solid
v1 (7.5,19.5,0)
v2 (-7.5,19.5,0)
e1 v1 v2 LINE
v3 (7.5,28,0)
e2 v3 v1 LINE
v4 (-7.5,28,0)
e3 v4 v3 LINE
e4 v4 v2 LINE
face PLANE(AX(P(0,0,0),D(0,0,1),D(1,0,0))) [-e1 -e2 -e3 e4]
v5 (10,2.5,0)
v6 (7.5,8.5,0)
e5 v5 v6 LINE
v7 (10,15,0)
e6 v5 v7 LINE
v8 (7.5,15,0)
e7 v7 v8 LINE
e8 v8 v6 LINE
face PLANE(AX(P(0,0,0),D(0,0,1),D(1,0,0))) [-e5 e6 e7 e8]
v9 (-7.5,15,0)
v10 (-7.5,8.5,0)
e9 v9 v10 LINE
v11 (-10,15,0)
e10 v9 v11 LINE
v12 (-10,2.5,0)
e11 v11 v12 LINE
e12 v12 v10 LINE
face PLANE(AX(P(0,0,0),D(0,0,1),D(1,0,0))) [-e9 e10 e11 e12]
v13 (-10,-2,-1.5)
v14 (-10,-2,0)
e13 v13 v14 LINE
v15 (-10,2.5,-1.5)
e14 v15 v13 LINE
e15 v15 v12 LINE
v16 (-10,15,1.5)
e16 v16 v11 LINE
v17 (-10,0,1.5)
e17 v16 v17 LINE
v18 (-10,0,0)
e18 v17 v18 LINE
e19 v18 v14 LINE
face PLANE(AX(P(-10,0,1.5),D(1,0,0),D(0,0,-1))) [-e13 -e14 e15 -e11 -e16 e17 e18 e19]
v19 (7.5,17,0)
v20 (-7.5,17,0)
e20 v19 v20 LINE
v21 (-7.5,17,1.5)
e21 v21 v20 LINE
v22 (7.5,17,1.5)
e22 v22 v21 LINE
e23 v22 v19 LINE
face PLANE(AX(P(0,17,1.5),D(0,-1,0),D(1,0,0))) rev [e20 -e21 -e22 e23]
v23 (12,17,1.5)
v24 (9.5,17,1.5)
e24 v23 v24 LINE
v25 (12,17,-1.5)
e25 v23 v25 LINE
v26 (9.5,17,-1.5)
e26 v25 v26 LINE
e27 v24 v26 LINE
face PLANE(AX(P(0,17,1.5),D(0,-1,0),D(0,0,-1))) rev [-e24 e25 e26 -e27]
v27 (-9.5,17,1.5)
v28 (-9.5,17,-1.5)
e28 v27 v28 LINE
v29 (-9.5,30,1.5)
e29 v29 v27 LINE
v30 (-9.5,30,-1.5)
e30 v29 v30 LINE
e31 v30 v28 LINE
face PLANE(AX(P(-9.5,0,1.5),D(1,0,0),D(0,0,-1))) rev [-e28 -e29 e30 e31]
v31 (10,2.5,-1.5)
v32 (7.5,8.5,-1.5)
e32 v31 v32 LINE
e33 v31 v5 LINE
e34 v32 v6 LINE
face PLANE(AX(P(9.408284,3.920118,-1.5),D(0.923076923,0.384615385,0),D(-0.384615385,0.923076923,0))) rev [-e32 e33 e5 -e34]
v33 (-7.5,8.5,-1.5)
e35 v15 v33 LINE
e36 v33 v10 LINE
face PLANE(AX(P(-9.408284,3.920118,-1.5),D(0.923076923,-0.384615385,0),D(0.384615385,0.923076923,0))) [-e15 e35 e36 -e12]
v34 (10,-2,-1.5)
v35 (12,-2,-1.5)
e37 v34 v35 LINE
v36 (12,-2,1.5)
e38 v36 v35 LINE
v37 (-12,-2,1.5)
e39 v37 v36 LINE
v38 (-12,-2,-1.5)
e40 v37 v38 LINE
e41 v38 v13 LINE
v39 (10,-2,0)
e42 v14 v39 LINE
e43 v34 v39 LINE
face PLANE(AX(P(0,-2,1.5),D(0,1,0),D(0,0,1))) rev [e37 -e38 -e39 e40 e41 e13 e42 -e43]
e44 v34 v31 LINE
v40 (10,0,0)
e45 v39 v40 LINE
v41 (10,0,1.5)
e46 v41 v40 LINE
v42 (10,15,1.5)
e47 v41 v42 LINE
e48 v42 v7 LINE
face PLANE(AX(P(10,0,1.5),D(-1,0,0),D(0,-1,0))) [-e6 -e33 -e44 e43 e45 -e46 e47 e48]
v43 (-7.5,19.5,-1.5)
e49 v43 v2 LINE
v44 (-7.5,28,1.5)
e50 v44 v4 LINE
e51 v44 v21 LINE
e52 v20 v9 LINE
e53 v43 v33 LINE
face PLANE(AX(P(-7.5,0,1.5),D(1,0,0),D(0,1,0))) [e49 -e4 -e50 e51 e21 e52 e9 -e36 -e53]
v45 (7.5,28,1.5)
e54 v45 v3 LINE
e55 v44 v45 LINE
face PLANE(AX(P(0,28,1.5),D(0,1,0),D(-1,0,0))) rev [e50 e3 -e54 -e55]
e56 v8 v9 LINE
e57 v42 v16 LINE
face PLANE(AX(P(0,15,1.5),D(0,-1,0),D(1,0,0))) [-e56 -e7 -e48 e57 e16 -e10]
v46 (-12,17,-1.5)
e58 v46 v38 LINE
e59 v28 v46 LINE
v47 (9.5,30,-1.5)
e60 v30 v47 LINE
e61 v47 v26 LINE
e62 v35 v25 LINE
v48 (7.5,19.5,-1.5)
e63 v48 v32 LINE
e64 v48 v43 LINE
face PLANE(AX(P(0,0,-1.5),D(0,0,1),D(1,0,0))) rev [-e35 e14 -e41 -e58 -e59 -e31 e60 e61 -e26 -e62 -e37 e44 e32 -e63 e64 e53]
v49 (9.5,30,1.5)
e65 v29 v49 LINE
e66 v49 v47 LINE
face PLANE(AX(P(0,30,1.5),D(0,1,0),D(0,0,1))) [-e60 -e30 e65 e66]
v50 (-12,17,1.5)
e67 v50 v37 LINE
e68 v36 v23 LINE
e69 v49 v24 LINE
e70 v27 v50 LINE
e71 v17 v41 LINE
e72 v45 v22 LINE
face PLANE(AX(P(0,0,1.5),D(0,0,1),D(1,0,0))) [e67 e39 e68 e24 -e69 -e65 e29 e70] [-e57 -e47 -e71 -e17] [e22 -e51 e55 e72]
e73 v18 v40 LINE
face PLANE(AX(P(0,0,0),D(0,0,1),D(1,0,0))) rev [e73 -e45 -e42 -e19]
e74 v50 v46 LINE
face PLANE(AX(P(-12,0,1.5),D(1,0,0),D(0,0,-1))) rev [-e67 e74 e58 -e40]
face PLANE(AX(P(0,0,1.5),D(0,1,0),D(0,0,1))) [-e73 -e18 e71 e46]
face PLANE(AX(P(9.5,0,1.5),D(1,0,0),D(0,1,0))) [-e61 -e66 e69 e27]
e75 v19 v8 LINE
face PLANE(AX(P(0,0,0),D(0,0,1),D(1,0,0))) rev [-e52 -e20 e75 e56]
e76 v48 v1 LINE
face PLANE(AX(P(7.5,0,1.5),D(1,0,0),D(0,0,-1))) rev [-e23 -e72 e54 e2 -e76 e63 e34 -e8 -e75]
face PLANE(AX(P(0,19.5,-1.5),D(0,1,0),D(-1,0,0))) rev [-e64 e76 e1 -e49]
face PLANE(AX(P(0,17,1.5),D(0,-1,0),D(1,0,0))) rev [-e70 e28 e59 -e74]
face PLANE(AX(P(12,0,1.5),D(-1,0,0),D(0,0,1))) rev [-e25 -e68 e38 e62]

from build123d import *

# Parameters (mm, degrees)
ESBO_O1_W                = 20
ESBO_O1_H                = 15
ESBO_O1_W_2              = 15
ESBO_O1_H_2              = 11
RESSALTO_EXTRUS_O1_DEPTH = 1.5
RESSALTO_EXTRUS_O2_DEPTH = 1.5


with BuildPart() as part:
    # Esboço1 → Ressalto-extrusão1 (new body)
    with BuildSketch(Plane.XY):
        Polygon((12, -2), (12, 17), (9.5, 17), (9.5, 30), (-9.5, 30), (-9.5, 17), (-12, 17), (-12, -2), align=None)
        with Locations((0, 7.5)):
            Rectangle(ESBO_O1_W, ESBO_O1_H, mode=Mode.SUBTRACT)
        with Locations((0, 22.5)):
            Rectangle(ESBO_O1_W_2, ESBO_O1_H_2, mode=Mode.SUBTRACT)
    extrude(amount=RESSALTO_EXTRUS_O1_DEPTH)

    # Esboço1<4> → Ressalto-extrusão2 (add)
    with BuildSketch(Plane.XY):
        Polygon((10, 2.5), (10, -2), (12, -2), (12, 17), (9.5, 17), (9.5, 30), (-9.5, 30), (-9.5, 17), (-12, 17), (-12, -2), (-10, -2), (-10, 2.5), (-7.5, 8.5), (-7.5, 19.5), (7.5, 19.5), (7.5, 8.5), align=None)
    extrude(amount=-RESSALTO_EXTRUS_O2_DEPTH)


solid = part.part
